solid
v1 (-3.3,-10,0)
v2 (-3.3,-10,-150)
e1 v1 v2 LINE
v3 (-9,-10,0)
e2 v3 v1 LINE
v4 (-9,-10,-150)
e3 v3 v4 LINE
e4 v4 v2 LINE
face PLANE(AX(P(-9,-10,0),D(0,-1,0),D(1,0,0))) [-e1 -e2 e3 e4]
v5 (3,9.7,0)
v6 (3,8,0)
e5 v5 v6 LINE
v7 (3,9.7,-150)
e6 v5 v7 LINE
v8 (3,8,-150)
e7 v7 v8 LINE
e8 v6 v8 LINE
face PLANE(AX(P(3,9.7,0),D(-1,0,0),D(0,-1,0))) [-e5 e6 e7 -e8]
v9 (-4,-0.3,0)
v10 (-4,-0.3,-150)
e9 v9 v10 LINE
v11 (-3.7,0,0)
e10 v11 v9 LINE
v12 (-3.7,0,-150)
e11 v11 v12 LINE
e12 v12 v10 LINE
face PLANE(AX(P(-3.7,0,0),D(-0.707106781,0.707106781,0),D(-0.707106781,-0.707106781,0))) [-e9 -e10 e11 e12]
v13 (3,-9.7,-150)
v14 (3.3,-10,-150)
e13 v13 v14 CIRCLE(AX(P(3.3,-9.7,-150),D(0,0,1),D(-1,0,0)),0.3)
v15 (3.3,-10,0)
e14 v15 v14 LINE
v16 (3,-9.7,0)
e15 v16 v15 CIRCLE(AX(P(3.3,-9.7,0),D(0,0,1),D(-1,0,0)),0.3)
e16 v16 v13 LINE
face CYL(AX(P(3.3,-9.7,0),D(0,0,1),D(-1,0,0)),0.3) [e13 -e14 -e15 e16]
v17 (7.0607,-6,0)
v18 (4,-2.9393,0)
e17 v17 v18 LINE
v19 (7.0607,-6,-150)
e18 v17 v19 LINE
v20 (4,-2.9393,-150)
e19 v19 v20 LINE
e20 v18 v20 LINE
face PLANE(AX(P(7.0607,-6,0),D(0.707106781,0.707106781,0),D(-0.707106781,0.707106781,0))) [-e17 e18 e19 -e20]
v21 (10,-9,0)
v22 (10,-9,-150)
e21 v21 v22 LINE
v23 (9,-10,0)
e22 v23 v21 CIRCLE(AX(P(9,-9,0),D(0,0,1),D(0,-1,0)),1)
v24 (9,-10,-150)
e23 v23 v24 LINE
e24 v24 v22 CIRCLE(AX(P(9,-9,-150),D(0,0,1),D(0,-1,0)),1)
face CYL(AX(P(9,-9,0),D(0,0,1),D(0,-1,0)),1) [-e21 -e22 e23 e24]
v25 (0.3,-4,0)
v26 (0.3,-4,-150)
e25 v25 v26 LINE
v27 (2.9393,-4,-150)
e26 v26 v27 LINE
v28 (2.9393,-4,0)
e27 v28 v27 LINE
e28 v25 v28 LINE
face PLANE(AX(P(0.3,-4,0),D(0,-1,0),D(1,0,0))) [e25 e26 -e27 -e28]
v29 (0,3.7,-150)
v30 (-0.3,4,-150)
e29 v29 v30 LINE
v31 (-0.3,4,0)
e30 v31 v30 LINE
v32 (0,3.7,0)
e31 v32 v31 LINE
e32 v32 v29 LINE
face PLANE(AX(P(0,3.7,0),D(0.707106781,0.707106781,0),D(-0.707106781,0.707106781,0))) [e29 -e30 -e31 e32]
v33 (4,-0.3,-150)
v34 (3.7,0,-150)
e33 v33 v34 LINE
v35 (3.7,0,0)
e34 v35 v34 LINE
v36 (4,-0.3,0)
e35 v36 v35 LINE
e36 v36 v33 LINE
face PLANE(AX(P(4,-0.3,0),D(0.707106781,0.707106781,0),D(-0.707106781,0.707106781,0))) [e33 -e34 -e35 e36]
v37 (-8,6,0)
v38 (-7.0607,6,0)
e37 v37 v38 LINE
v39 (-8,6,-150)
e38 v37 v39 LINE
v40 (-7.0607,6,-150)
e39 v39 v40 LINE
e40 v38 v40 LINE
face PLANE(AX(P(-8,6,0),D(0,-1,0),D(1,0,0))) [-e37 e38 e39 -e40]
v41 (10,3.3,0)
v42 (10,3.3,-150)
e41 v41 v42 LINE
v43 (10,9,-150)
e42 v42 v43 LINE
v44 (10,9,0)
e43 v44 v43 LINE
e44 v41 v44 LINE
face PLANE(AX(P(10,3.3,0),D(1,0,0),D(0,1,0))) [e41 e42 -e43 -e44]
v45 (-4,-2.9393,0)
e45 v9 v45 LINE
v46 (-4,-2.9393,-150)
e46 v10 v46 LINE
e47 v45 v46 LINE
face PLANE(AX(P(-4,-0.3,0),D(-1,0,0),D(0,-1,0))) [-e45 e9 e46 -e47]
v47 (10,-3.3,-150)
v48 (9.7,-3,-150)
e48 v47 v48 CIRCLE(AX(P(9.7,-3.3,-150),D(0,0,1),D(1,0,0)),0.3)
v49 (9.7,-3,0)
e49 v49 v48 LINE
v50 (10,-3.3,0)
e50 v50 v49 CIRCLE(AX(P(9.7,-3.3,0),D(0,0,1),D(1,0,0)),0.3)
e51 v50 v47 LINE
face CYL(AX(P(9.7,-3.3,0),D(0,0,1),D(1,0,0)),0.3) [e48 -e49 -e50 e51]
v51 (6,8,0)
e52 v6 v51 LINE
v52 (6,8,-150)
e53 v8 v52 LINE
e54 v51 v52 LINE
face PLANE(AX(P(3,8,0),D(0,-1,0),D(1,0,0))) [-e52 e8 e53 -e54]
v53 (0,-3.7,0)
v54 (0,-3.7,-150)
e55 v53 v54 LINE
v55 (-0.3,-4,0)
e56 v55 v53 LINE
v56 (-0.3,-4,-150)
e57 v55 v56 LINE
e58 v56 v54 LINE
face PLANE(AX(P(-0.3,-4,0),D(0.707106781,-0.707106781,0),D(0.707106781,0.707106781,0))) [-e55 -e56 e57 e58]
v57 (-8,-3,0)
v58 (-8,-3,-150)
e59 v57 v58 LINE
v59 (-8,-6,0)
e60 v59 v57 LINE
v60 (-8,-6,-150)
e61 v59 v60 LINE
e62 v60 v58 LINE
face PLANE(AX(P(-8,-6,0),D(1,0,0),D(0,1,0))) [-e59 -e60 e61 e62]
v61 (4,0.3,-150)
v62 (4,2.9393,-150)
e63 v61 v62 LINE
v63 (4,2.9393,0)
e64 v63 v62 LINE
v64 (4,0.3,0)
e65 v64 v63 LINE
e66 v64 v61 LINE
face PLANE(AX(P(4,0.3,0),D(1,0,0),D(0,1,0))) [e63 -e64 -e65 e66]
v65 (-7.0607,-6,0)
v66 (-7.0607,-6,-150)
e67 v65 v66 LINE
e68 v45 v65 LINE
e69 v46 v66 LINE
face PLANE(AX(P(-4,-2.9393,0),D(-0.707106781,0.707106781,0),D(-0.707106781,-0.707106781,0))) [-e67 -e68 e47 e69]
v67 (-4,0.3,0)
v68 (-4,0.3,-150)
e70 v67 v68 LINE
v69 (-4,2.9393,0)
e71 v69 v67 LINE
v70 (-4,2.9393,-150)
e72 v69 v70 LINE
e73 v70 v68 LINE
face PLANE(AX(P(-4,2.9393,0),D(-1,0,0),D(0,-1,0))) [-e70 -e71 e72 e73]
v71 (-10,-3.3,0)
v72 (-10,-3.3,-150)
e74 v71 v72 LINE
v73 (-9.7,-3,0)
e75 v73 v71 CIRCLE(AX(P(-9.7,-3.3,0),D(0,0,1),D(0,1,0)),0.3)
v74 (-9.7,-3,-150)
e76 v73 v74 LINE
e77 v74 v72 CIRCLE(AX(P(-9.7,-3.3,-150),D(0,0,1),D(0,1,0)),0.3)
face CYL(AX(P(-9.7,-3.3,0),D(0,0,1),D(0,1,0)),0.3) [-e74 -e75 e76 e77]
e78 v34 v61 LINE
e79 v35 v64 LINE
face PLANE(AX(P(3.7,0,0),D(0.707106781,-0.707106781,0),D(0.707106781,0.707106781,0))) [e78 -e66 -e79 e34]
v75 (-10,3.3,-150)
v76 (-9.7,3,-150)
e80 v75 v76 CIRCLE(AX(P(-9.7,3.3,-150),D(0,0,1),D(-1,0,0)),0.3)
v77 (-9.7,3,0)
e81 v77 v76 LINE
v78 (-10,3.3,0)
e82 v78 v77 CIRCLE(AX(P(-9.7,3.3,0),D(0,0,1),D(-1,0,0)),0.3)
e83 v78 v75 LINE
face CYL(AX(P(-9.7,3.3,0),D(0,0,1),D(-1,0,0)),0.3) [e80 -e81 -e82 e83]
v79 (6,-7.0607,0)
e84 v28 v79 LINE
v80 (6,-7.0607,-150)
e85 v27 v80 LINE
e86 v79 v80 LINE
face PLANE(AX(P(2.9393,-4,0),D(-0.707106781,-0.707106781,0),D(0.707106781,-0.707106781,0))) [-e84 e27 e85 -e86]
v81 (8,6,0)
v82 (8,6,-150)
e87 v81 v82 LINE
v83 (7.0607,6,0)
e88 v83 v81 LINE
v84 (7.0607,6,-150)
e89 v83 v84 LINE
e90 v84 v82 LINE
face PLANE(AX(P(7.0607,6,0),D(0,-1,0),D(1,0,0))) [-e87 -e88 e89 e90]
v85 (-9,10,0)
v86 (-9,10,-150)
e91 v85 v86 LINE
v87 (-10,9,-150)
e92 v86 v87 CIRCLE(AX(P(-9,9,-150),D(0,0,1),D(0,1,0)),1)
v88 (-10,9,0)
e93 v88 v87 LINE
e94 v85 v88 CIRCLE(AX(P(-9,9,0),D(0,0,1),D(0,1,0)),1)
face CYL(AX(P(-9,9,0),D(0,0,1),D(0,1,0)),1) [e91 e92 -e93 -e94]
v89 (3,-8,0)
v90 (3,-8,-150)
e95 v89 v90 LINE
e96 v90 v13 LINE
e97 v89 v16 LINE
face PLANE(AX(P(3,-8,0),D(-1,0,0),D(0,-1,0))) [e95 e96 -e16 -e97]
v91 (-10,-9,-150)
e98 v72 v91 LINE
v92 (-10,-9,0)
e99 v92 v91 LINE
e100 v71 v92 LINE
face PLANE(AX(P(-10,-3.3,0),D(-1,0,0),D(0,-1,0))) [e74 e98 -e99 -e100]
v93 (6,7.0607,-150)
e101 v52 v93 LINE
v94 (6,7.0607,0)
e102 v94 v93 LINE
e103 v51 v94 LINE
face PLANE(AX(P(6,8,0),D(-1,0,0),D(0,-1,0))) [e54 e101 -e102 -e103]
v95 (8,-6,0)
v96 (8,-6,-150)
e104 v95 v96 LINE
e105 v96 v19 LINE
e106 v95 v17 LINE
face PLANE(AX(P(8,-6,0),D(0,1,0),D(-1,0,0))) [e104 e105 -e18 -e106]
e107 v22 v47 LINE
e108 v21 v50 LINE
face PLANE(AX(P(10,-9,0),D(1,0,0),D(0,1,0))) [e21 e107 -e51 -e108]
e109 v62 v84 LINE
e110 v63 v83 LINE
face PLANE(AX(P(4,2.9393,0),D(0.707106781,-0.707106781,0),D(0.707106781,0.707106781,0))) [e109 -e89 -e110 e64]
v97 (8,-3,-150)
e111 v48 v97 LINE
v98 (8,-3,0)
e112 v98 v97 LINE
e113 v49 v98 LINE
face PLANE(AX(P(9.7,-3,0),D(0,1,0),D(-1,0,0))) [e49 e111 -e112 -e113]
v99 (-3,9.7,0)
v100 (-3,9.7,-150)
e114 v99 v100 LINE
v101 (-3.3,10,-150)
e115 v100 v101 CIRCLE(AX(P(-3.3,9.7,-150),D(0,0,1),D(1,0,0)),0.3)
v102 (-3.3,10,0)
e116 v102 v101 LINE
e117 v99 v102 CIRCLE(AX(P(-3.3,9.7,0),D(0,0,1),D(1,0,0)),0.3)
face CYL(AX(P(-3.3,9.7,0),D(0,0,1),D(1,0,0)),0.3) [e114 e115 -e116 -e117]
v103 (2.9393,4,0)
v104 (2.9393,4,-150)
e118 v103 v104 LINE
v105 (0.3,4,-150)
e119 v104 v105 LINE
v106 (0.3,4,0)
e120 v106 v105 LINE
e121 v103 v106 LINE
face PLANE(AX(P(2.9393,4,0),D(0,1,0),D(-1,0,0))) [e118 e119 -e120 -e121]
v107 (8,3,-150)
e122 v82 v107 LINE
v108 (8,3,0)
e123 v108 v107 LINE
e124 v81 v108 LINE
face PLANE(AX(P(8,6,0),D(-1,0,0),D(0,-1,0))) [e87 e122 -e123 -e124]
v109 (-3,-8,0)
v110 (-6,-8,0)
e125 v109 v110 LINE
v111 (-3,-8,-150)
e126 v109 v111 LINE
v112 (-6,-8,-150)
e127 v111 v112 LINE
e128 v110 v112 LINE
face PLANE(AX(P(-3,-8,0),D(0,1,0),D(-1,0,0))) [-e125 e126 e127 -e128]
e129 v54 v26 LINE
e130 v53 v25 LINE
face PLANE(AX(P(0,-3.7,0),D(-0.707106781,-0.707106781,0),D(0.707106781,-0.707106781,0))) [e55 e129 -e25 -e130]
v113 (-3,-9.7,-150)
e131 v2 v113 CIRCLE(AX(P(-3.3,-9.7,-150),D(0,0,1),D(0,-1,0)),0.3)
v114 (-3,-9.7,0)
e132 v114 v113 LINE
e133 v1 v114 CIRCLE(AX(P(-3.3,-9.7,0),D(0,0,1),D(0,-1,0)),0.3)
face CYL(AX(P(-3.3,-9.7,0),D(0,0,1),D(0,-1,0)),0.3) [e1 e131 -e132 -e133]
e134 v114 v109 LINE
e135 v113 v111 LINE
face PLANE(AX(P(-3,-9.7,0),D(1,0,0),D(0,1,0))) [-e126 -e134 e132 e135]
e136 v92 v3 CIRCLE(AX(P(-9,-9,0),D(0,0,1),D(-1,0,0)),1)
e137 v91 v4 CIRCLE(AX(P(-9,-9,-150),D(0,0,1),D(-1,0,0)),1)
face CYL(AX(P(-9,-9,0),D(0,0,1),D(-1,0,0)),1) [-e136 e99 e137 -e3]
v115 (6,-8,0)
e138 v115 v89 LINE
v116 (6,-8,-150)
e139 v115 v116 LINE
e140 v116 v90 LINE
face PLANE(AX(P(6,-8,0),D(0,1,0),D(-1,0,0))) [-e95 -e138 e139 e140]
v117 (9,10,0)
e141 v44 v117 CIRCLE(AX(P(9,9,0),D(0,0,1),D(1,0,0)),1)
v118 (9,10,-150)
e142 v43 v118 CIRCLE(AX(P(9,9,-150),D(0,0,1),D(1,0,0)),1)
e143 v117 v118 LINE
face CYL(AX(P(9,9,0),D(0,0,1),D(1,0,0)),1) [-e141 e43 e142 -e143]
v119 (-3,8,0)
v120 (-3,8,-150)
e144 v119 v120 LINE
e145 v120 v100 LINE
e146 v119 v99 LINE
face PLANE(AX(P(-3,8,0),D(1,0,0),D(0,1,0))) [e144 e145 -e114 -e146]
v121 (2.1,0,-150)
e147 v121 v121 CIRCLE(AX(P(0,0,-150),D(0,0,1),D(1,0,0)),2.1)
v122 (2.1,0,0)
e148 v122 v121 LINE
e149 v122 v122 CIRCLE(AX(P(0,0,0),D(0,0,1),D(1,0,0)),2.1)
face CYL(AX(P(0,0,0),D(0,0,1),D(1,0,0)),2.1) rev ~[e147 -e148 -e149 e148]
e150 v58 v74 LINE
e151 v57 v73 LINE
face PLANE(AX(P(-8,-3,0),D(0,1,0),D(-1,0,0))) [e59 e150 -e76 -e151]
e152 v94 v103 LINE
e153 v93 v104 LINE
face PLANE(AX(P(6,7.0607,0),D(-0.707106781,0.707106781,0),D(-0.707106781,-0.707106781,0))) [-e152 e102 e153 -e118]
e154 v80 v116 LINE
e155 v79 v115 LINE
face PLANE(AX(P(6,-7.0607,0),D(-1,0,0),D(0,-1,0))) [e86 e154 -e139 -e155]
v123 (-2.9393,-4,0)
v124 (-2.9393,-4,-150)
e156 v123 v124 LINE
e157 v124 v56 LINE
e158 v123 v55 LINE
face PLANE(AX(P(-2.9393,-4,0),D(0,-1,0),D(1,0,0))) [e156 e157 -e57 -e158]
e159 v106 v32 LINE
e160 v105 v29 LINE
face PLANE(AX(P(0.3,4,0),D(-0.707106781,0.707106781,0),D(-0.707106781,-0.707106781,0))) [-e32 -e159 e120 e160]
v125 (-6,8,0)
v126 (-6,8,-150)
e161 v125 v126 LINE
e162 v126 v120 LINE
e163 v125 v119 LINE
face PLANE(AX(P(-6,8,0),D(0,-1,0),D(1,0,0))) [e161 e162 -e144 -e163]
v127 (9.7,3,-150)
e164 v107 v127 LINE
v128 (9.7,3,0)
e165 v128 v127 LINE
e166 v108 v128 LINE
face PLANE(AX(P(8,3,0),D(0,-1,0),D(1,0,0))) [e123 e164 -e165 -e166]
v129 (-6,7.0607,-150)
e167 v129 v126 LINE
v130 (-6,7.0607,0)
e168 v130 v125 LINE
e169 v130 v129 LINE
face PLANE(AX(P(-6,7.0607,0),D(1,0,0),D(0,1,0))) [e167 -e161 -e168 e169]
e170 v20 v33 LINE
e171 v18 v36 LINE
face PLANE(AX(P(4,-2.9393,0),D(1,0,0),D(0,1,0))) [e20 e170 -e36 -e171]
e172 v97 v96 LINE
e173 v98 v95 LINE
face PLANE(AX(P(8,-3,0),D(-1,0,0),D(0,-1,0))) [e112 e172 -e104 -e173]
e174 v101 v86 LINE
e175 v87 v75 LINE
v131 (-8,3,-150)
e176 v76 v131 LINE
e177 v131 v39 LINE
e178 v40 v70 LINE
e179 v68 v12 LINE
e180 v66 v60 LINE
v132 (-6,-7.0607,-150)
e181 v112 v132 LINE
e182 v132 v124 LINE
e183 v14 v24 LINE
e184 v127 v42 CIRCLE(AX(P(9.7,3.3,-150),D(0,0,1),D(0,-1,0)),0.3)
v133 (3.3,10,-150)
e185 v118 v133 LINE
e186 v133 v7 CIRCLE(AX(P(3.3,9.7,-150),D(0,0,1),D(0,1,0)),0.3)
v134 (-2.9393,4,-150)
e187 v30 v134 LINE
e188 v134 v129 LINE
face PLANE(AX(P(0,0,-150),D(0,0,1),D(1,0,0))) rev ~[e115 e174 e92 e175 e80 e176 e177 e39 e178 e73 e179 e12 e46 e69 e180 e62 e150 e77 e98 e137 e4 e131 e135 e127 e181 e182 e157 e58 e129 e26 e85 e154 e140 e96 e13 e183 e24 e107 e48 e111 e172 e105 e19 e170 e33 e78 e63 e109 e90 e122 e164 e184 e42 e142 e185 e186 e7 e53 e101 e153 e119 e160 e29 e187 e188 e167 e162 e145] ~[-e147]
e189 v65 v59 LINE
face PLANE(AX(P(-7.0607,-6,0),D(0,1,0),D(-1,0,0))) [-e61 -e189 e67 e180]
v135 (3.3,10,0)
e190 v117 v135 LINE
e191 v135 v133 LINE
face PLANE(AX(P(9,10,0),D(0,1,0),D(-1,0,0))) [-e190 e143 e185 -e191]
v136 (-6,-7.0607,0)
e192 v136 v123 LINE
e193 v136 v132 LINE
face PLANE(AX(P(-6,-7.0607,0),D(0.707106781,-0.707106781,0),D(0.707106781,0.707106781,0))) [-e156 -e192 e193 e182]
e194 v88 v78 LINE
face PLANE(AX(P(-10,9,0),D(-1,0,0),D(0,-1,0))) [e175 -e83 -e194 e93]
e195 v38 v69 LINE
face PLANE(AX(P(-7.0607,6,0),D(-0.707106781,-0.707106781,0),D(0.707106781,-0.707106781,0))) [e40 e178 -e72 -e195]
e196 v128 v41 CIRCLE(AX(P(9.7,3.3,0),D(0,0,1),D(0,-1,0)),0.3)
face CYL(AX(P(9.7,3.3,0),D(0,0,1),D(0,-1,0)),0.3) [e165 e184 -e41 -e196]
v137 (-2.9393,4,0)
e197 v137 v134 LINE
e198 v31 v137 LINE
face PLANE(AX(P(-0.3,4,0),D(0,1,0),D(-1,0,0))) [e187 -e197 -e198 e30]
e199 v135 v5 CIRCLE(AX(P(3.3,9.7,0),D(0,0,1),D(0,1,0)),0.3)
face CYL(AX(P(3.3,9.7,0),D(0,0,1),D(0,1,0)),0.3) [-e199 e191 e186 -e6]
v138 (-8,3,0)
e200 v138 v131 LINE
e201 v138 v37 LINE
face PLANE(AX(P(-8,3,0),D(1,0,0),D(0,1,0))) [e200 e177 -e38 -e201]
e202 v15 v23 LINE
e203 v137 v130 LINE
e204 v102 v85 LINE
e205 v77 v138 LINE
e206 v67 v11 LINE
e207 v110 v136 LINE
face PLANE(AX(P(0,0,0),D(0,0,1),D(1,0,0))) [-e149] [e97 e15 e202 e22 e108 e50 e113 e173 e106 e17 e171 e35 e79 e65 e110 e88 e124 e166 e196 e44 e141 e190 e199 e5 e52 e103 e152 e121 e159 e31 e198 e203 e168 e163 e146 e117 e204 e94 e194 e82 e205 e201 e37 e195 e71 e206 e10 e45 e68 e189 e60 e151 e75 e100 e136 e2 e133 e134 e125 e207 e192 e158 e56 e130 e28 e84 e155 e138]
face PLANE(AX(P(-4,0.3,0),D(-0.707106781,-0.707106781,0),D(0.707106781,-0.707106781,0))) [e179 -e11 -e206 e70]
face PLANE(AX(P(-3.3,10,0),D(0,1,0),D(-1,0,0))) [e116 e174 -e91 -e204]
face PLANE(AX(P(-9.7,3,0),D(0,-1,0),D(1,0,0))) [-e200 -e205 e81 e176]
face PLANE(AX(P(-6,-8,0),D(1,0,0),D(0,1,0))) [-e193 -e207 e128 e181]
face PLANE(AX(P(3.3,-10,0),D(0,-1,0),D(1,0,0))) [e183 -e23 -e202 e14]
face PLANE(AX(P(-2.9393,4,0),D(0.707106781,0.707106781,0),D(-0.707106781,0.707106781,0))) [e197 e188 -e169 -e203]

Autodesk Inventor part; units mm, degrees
ref_plane "YZ Plane" through (0, 0, 0) normal (1, 0, 0) x (0, 1, 0)
ref_plane "XZ Plane" through (0, 0, 0) normal (0, 1, 0) x (-1, 0, 0)
ref_plane "XY Plane" through (0, 0, 0) normal (0, 0, 1) x (1, 0, 0)
sketch "Sketch_5" plane through (0, 0, 0) normal (0, 0, 1) x (1, 0, 0)
  line L0 (-10, 9) -> (-10, 3.3)
  arc A0 (-10, 3.3) -> (-9.7, 3) centre (-9.7, 3.3) ccw
  line L1 (-9.7, 3) -> (-8, 3)
  line L2 (-8, 3) -> (-8, 6)
  line L3 (-8, 6) -> (-7.0607, 6)
  line L4 (-7.0607, 6) -> (-4, 2.9393)
  line L5 (-4, 2.9393) -> (-4, 0.3)
  line L6 (-4, 0.3) -> (-3.7, 0)
  line L7 (-3.7, 0) -> (-4, -0.3)
  line L8 (-4, -0.3) -> (-4, -2.9393)
  line L9 (-4, -2.9393) -> (-7.0607, -6)
  line L10 (-7.0607, -6) -> (-8, -6)
  line L11 (-8, -6) -> (-8, -3)
  line L12 (-8, -3) -> (-9.7, -3)
  arc A1 (-9.7, -3) -> (-10, -3.3) centre (-9.7, -3.3) ccw
  line L13 (-10, -3.3) -> (-10, -9)
  arc A2 (-10, -9) -> (-9, -10) centre (-9, -9) ccw
  line L14 (-9, -10) -> (-3.3, -10)
  arc A3 (-3.3, -10) -> (-3, -9.7) centre (-3.3, -9.7) ccw
  line L15 (-3, -9.7) -> (-3, -8)
  line L16 (-3, -8) -> (-6, -8)
  line L17 (-6, -8) -> (-6, -7.0607)
  line L18 (-6, -7.0607) -> (-2.9393, -4)
  line L19 (-2.9393, -4) -> (-0.3, -4)
  line L20 (-0.3, -4) -> (0, -3.7)
  line L21 (0, -3.7) -> (0.3, -4)
  line L22 (0.3, -4) -> (2.9393, -4)
  line L23 (2.9393, -4) -> (6, -7.0607)
  line L24 (6, -7.0607) -> (6, -8)
  line L25 (6, -8) -> (3, -8)
  line L26 (3, -8) -> (3, -9.7)
  arc A4 (3, -9.7) -> (3.3, -10) centre (3.3, -9.7) ccw
  line L27 (3.3, -10) -> (9, -10)
  arc A5 (9, -10) -> (10, -9) centre (9, -9) ccw
  line L28 (10, -9) -> (10, -3.3)
  arc A6 (10, -3.3) -> (9.7, -3) centre (9.7, -3.3) ccw
  line L29 (9.7, -3) -> (8, -3)
  line L30 (8, -3) -> (8, -6)
  line L31 (8, -6) -> (7.0607, -6)
  line L32 (7.0607, -6) -> (4, -2.9393)
  line L33 (4, -2.9393) -> (4, -0.3)
  line L34 (4, -0.3) -> (3.7, 0)
  line L35 (3.7, 0) -> (4, 0.3)
  line L36 (4, 0.3) -> (4, 2.9393)
  line L37 (4, 2.9393) -> (7.0607, 6)
  line L38 (7.0607, 6) -> (8, 6)
  line L39 (8, 6) -> (8, 3)
  line L40 (8, 3) -> (9.7, 3)
  arc A7 (9.7, 3) -> (10, 3.3) centre (9.7, 3.3) ccw
  line L41 (10, 3.3) -> (10, 9)
  arc A8 (10, 9) -> (9, 10) centre (9, 9) ccw
  line L42 (9, 10) -> (3.3, 10)
  arc A9 (3.3, 10) -> (3, 9.7) centre (3.3, 9.7) ccw
  line L43 (3, 9.7) -> (3, 8)
  line L44 (3, 8) -> (6, 8)
  line L45 (6, 8) -> (6, 7.0607)
  line L46 (6, 7.0607) -> (2.9393, 4)
  line L47 (2.9393, 4) -> (0.3, 4)
  line L48 (0.3, 4) -> (0, 3.7)
  line L49 (0, 3.7) -> (-0.3, 4)
  line L50 (-0.3, 4) -> (-2.9393, 4)
  line L51 (-2.9393, 4) -> (-6, 7.0607)
  line L52 (-6, 7.0607) -> (-6, 8)
  line L53 (-6, 8) -> (-3, 8)
  line L54 (-3, 8) -> (-3, 9.7)
  arc A10 (-3, 9.7) -> (-3.3, 10) centre (-3.3, 9.7) ccw
  line L55 (-3.3, 10) -> (-9, 10)
  arc A11 (-9, 10) -> (-10, 9) centre (-9, 9) ccw
  circle A12 centre (0, 0) radius 2.1
extrude "Extrusion1" add sketch "Sketch_5" against normal blind 150
properties part number "KHFS5-2020-4000" material "Aluminum 6061"
